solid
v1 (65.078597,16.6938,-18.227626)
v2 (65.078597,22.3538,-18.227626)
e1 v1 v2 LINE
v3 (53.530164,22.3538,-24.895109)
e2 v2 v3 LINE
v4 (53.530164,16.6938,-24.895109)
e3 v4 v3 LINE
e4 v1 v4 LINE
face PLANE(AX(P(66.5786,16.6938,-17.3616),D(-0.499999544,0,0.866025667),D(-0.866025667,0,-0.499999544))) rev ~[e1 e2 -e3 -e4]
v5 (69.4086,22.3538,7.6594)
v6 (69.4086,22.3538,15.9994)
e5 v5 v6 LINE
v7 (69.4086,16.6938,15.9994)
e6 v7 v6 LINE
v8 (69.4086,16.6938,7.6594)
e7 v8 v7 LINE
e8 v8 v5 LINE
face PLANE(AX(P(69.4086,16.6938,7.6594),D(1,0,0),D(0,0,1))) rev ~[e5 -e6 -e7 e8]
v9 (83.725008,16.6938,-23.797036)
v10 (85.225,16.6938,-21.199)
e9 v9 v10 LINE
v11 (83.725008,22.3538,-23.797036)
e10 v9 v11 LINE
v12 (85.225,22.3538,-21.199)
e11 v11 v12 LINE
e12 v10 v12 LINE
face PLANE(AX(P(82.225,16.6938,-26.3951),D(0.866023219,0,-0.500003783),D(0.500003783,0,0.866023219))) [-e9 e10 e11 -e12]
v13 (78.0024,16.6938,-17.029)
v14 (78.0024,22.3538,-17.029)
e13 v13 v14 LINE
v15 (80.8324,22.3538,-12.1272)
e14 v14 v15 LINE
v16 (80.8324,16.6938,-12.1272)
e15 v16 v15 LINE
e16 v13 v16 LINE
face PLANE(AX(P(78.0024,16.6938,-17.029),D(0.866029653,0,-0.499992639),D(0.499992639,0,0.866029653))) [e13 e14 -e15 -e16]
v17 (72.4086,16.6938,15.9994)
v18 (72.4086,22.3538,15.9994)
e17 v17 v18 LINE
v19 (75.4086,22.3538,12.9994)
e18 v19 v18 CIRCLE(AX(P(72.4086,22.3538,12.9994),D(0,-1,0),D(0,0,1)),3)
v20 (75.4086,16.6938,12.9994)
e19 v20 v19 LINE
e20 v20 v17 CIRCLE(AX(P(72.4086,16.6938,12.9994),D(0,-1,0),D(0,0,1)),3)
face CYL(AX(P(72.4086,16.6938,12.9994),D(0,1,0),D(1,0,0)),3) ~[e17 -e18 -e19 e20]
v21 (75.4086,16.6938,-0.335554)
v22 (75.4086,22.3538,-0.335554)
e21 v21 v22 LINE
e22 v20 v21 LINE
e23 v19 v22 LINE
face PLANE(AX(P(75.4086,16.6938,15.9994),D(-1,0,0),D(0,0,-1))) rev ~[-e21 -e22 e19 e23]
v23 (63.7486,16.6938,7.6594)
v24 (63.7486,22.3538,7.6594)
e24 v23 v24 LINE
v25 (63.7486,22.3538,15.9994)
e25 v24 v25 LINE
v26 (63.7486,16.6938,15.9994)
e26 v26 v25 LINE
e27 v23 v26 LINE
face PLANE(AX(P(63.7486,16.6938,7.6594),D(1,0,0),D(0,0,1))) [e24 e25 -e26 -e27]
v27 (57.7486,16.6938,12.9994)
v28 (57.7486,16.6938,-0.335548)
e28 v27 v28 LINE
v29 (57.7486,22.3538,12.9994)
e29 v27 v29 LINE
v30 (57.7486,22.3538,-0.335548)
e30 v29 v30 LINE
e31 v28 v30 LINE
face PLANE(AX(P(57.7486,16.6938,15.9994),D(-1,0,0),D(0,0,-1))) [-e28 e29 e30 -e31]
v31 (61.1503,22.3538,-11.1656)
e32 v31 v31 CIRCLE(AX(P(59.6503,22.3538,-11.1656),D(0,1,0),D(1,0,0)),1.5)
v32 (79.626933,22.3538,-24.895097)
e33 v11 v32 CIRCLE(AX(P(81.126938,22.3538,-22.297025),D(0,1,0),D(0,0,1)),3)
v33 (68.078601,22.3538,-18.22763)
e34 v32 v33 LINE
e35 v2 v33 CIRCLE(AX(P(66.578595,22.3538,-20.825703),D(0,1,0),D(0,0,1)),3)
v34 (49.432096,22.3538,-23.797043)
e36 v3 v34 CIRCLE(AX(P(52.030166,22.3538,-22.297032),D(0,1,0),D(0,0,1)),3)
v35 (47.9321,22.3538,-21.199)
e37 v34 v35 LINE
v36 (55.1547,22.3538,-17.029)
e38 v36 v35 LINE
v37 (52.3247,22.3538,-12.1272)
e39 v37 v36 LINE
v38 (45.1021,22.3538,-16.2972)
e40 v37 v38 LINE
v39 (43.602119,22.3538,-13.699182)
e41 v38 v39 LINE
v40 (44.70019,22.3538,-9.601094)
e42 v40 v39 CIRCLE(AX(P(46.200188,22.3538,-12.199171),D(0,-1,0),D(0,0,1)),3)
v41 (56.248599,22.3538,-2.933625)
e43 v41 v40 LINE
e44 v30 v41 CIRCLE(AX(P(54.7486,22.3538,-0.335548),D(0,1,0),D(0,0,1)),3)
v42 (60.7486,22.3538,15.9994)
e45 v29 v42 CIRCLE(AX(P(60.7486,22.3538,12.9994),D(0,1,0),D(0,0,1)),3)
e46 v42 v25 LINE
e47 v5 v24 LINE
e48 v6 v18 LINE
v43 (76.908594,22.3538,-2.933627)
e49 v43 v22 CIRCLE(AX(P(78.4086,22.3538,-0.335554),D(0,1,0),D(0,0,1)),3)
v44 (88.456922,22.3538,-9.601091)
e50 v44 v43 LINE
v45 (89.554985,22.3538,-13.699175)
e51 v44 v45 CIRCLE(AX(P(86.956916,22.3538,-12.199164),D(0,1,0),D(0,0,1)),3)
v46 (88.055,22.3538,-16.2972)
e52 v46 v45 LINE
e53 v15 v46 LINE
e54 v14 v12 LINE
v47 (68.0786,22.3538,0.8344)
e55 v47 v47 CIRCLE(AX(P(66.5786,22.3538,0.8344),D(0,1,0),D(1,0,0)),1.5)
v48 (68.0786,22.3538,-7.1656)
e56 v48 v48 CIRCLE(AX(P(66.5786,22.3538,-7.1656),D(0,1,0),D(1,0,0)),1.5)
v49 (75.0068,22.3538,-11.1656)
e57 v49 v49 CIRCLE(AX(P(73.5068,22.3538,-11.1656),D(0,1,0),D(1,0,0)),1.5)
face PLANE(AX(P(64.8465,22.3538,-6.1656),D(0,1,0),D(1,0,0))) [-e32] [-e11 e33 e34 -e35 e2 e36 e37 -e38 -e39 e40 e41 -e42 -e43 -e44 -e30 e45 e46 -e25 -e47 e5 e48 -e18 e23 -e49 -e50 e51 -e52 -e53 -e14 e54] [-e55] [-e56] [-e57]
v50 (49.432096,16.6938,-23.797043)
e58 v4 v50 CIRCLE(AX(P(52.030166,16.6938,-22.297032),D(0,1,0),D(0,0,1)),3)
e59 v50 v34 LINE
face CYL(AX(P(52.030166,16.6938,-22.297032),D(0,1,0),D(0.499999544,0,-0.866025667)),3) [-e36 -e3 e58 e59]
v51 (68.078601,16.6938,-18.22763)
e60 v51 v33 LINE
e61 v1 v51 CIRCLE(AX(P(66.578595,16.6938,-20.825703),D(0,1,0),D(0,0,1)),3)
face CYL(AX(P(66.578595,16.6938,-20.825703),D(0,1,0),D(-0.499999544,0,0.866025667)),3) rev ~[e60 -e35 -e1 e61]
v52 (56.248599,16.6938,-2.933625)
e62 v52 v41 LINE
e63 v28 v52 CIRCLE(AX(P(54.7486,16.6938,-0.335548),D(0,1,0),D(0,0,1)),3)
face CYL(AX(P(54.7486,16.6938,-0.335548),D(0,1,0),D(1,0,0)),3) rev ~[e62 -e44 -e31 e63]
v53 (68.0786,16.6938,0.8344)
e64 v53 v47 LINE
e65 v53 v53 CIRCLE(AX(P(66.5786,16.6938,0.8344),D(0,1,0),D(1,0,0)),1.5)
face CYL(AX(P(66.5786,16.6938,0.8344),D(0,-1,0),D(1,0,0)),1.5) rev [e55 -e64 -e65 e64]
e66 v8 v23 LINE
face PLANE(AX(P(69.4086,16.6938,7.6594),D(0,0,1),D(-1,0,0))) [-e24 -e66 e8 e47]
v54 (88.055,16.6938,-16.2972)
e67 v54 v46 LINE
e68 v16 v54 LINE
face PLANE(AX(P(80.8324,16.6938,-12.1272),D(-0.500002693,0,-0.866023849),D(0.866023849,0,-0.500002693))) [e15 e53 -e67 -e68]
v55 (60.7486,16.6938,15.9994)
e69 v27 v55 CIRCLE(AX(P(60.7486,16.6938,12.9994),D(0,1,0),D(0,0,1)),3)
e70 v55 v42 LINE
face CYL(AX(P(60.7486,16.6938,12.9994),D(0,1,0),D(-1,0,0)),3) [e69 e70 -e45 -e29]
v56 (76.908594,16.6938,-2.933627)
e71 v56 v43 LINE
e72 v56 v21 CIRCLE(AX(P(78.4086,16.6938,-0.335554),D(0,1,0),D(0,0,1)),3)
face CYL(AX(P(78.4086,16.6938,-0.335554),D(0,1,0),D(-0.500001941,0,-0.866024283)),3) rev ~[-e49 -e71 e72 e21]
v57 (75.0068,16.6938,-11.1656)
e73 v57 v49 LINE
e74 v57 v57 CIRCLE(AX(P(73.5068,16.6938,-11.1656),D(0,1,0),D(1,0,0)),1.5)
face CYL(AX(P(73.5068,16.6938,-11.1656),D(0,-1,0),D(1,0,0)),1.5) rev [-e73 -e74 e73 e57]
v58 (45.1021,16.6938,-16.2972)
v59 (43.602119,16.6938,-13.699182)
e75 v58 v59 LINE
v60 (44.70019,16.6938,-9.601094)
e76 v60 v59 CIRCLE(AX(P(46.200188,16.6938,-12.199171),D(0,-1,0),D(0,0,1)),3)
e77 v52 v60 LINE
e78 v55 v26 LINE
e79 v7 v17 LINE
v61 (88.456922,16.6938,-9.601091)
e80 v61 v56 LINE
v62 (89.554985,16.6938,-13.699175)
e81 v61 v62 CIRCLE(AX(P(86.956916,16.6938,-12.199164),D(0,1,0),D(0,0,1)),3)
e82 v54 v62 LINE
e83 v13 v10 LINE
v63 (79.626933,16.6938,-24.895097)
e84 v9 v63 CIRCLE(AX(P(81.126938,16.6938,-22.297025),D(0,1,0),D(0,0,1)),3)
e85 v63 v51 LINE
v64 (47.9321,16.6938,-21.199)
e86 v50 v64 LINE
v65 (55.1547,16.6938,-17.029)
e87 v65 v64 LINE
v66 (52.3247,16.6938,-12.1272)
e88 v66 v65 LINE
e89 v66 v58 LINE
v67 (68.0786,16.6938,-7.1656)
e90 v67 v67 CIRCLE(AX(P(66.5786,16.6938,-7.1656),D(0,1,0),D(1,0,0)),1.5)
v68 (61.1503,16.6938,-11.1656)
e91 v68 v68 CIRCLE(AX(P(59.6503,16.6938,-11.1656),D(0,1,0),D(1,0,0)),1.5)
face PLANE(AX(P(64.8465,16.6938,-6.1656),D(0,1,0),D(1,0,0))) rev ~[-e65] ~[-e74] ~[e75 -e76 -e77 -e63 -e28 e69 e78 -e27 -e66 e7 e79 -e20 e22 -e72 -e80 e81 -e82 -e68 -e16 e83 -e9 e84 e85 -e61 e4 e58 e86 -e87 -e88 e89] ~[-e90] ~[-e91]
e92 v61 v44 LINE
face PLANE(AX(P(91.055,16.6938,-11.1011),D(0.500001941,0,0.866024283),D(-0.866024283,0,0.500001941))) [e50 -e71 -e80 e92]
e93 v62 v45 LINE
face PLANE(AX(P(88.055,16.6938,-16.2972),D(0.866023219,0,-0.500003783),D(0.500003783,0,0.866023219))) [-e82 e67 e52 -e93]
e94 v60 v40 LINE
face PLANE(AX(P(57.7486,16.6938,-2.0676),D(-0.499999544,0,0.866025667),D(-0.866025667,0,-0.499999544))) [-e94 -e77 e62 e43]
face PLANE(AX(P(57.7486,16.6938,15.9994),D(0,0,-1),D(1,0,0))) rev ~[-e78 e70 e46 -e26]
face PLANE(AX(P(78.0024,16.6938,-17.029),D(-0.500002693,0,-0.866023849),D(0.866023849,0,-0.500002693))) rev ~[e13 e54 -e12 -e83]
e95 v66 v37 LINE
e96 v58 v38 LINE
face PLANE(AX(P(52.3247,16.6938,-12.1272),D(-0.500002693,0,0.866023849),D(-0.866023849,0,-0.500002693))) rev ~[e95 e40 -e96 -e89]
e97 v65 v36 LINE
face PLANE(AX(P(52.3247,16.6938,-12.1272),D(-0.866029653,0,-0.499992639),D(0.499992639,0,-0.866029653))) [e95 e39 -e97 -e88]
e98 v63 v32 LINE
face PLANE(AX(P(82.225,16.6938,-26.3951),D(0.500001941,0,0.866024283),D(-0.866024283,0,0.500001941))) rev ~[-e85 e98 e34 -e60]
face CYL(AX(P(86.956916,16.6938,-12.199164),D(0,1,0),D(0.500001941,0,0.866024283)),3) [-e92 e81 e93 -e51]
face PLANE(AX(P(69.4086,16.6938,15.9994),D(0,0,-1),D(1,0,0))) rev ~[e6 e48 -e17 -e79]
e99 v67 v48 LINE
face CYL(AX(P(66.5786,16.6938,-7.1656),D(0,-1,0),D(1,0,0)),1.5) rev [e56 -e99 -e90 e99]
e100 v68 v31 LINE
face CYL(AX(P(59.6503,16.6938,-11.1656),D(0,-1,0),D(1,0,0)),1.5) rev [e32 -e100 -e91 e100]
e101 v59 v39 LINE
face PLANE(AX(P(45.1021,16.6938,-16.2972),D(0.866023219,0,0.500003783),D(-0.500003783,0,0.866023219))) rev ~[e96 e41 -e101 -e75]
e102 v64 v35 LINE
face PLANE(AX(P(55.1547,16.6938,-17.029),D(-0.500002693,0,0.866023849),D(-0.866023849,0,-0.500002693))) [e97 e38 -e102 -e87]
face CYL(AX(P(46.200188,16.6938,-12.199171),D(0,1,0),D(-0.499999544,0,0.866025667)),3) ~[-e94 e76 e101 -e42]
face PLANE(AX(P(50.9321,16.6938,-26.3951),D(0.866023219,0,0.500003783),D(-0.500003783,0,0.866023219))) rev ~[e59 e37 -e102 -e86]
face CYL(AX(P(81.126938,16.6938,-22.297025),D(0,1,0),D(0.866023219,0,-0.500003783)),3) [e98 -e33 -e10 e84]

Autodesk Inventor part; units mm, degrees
ref_plane "YZ Plane" through (0, 0, 0) normal (1, 0, 0) x (0, 1, 0)
ref_plane "XZ Plane" through (0, 0, 0) normal (0, 1, 0) x (-1, 0, 0)
ref_plane "XY Plane" through (0, 0, 0) normal (0, 0, 1) x (1, 0, 0)
ref_plane "Work Plane1" through (64.8465, 16.6938, -6.1656) normal (0, 1, 0) x (1, 0, 0)
sketch "Sketch1" plane through (64.8465, 16.6938, -6.1656) normal (0, 1, 0) x (1, 0, 0)
  line L0 (1.7321, 1) -> (27.6872, 15.9852) construction
  line L1 (13.1559, 10.8634) -> (20.3785, 15.0334)
  line L2 (15.9859, 5.9616) -> (23.2085, 10.1316)
  line L3 (13.1559, 10.8634) -> (15.9859, 5.9616)
  circle A0 centre (1.7321, 1) radius 20 construction
  circle A1 centre (19.0526, 11) radius 5.175 construction
  circle A2 centre (1.7321, 1) radius 1.5
  line L4 (1.7321, 1) -> (8.6603, 5) construction
  circle A3 centre (8.6603, 5) radius 1.5
  line L5 (17.3785, 20.2295) -> (1.7321, 11.196)
  line L6 (1.7321, 11.196) -> (-13.9144, 20.2295)
  line L7 (26.2085, 4.9355) -> (10.5621, -4.098)
  circle A4 centre (1.7321, 1) radius 10.196 construction
  line L8 (-12.5218, 5.9616) -> (-19.7444, 10.1316)
  line L9 (-9.6918, 10.8634) -> (-16.9144, 15.0334)
  line L10 (-12.5218, 5.9616) -> (-9.6918, 10.8634)
  circle A5 centre (-5.1962, 5) radius 1.5
  line L11 (4.5621, -13.825) -> (4.5621, -22.165)
  line L12 (-1.0979, -13.825) -> (-1.0979, -22.165)
  line L13 (4.5621, -13.825) -> (-1.0979, -13.825)
  circle A6 centre (1.7321, -7) radius 1.5
  line L14 (-7.0979, -22.165) -> (-7.0979, -4.098)
  line L15 (10.5621, -22.165) -> (10.5621, -4.098)
  line L16 (-7.0979, -4.098) -> (-22.7444, 4.9355)
  line L17 (-7.0979, -22.165) -> (-1.0979, -22.165)
  line L18 (4.5621, -22.165) -> (10.5621, -22.165)
  line L19 (-13.9144, 20.2295) -> (-16.9144, 15.0334)
  line L20 (-19.7444, 10.1316) -> (-22.7444, 4.9355)
  line L21 (17.3785, 20.2295) -> (20.3785, 15.0334)
  line L22 (23.2085, 10.1316) -> (26.2085, 4.9355)
  dimension "d34" = 40
  dimension "d35" = 10.35
  dimension "d45" = 3
  dimension "d47" = 8
  dimension "d48" = 3
  dimension "d54" = 360
extrude "Extrusion2" add sketch "Sketch1" along normal blind 5.66
fillet "Fillet1" radius 3 3 edges at (75.4086, 19.5238, -2.0676) (66.5786, 19.5238, -17.3616) (57.7486, 19.5238, -2.0676)
fillet "Fillet2" radius 3 2 edges at (91.055, 19.5238, -11.1011) (82.225, 19.5238, -26.3951)
pattern_circular "Circular Pattern1" count 3 over 360 about axis through (66.5786, 16.6938, -7.1656) along (0, 1, 0) of "Fillet2"
properties part number "Lower PlatformV"
